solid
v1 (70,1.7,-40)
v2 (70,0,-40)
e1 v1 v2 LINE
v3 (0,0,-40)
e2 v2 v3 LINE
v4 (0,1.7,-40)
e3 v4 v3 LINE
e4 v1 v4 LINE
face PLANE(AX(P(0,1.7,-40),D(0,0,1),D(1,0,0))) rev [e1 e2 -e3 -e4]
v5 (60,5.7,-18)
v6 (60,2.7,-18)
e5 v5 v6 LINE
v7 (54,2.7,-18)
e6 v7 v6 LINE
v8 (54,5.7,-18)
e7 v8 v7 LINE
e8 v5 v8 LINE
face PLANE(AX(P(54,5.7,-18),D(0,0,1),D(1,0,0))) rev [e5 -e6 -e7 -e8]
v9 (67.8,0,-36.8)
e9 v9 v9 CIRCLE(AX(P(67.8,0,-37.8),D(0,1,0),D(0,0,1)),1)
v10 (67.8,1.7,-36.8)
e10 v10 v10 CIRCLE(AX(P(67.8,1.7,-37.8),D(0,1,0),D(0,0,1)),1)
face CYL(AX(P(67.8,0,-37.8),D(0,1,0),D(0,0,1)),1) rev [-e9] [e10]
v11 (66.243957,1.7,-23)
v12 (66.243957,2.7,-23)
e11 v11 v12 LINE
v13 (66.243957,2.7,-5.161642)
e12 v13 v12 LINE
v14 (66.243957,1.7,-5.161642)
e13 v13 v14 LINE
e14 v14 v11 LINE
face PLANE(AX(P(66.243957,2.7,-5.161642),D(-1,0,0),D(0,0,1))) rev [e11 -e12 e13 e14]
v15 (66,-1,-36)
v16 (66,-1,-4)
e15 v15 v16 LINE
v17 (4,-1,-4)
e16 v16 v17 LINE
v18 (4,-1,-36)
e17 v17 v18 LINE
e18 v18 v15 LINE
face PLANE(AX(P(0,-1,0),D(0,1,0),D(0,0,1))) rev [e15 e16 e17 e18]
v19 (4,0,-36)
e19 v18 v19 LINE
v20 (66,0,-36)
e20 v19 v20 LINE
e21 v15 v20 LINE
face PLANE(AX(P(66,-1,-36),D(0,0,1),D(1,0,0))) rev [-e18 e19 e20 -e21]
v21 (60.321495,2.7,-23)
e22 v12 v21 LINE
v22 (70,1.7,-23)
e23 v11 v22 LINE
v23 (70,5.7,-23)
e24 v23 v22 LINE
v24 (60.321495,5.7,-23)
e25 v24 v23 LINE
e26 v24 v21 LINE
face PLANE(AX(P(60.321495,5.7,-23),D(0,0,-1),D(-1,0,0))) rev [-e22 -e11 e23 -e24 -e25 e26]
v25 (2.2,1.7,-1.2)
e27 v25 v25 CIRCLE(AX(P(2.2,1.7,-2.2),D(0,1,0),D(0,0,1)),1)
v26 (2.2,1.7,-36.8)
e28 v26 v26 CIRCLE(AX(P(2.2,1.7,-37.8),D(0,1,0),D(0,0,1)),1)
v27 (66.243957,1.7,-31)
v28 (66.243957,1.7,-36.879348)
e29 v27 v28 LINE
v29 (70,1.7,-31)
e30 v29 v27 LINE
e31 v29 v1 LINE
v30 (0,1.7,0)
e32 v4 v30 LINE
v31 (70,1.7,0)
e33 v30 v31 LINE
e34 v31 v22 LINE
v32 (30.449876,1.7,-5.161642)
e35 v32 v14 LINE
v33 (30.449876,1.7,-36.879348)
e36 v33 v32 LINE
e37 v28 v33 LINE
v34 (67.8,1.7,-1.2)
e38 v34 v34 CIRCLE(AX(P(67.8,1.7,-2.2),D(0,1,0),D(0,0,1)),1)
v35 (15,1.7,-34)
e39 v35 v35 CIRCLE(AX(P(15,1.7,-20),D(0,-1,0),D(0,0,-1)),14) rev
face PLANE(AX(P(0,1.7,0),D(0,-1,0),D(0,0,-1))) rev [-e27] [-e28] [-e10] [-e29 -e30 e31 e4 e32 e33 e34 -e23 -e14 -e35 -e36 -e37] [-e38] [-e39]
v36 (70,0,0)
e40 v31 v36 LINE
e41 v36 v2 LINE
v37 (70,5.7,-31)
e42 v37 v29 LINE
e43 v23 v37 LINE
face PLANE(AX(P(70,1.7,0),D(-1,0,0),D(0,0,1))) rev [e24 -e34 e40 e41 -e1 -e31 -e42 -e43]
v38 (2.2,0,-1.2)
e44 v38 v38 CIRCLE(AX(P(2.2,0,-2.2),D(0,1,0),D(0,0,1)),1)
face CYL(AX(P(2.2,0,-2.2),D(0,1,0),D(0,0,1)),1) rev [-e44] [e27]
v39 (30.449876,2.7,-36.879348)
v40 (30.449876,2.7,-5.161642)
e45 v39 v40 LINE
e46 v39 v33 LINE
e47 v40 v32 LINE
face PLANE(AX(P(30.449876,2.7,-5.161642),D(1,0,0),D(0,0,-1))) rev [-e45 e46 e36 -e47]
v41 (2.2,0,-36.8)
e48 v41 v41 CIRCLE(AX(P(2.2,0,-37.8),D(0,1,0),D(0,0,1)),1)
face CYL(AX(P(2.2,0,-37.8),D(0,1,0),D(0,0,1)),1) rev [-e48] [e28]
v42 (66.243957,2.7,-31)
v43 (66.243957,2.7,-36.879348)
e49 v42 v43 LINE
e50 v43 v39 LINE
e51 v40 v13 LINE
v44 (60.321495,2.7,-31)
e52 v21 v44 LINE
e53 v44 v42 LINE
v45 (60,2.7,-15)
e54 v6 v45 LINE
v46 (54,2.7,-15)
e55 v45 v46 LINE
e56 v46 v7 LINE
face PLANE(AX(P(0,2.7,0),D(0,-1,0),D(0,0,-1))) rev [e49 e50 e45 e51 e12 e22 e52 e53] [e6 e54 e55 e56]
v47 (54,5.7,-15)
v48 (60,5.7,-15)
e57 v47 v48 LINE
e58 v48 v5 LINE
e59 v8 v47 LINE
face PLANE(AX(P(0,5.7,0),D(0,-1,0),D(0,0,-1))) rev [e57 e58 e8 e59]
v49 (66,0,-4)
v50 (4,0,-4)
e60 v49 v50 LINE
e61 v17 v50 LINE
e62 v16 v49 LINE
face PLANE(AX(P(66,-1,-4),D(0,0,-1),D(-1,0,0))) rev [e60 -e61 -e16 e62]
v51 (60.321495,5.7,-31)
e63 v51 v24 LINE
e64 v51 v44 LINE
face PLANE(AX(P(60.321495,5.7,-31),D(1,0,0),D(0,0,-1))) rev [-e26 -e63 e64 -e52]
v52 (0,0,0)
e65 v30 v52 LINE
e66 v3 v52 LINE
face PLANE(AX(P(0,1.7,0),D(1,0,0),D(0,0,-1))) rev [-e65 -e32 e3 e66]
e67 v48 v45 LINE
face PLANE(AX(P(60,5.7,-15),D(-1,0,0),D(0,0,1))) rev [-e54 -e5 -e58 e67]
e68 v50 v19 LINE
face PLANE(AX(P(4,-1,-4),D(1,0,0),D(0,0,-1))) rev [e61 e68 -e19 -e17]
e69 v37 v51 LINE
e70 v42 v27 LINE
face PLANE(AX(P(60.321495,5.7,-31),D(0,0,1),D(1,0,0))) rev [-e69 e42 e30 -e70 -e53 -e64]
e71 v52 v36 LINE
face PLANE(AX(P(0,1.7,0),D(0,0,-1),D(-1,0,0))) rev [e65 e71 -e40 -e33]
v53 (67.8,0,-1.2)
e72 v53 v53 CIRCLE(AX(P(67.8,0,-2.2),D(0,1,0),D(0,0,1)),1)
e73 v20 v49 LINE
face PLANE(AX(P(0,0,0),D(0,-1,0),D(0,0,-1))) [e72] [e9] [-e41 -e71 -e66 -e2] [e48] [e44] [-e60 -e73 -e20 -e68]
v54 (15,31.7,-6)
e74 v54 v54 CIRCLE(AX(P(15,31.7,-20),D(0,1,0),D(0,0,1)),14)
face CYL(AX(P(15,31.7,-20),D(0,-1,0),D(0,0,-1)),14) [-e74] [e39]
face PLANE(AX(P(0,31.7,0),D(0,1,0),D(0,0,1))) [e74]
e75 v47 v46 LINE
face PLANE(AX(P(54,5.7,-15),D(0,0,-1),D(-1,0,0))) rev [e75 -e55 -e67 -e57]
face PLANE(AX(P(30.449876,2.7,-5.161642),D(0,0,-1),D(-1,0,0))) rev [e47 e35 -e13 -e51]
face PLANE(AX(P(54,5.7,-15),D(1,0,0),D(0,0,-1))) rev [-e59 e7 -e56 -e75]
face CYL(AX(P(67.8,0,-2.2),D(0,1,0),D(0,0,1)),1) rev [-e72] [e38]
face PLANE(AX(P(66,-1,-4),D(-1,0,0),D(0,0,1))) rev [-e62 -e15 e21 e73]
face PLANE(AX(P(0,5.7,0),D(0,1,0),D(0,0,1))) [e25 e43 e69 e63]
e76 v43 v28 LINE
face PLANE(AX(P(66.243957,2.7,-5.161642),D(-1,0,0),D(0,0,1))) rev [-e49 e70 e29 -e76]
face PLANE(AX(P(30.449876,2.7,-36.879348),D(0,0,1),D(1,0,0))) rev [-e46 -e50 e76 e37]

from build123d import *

# Parameters (mm, degrees)
SKETCH1_W           = 70
SKETCH1_H           = 40
BOSS_EXTRUDE1_DEPTH = 1.7
SKETCH2_R           = 1
CUT_EXTRUDE1_DEPTH  = 1.7
SKETCH3_R           = 14
BOSS_EXTRUDE2_DEPTH = 30
SKETCH4_W           = 9.678505403
SKETCH4_H           = 8
BOSS_EXTRUDE3_DEPTH = 4
SKETCH5_W           = 6
SKETCH5_H           = 3
BOSS_EXTRUDE4_DEPTH = 4
SKETCH6_W           = 62
SKETCH6_H           = 32
BOSS_EXTRUDE5_DEPTH = 1
SKETCH7_W           = 35.794081109
SKETCH7_H           = 31.717706103
BOSS_EXTRUDE6_DEPTH = 1


with BuildPart() as part:
    # Sketch1 → Boss-Extrude1 (new body)
    with BuildSketch(Plane(origin=(0, 0, 0), x_dir=(1, 0, 0), z_dir=(0, 1, 0))):
        with Locations((35, 20)):
            Rectangle(SKETCH1_W, SKETCH1_H)
    extrude(amount=BOSS_EXTRUDE1_DEPTH)

    # Sketch2 → Cut-Extrude1 (cut)
    with BuildSketch(Plane(origin=(0, 1.7, 0), x_dir=(1, 0, 0), z_dir=(0, 1, 0))):
        with Locations(Location((67.8, 37.8, 0), (0, 0, 270))):
            Circle(SKETCH2_R)
        with Locations(Location((2.2, 37.8, 0), (0, 0, 270))):
            Circle(SKETCH2_R)
        with Locations(Location((2.2, 2.2, 0), (0, 0, 270))):
            Circle(SKETCH2_R)
        with Locations(Location((67.8, 2.2, 0), (0, 0, 270))):
            Circle(SKETCH2_R)
    extrude(amount=-CUT_EXTRUDE1_DEPTH, mode=Mode.SUBTRACT)

    # Sketch3 → Boss-Extrude2 (add)
    with BuildSketch(Plane(origin=(0, 1.7, 0), x_dir=(1, 0, 0), z_dir=(0, 1, 0))):
        with Locations(Location((15, 20, 0), (0, 0, 90))):
            Circle(SKETCH3_R)
    extrude(amount=BOSS_EXTRUDE2_DEPTH)

    # Sketch4 → Boss-Extrude3 (add)
    with BuildSketch(Plane(origin=(0, 1.7, 0), x_dir=(1, 0, 0), z_dir=(0, 1, 0))):
        with Locations((65.160747298, 27)):
            Rectangle(SKETCH4_W, SKETCH4_H)
    extrude(amount=BOSS_EXTRUDE3_DEPTH)

    # Sketch5 → Boss-Extrude4 (add)
    with BuildSketch(Plane(origin=(0, 1.7, 0), x_dir=(1, 0, 0), z_dir=(0, 1, 0))):
        with Locations((57, 16.5)):
            Rectangle(SKETCH5_W, SKETCH5_H)
    extrude(amount=BOSS_EXTRUDE4_DEPTH)

    # Sketch6 → Boss-Extrude5 (add)
    with BuildSketch(Plane.XZ):
        with Locations((35, -20)):
            Rectangle(SKETCH6_W, SKETCH6_H)
    extrude(amount=BOSS_EXTRUDE5_DEPTH)

    # Sketch7 → Boss-Extrude6 (add)
    with BuildSketch(Plane(origin=(0, 1.7, 0), x_dir=(1, 0, 0), z_dir=(0, 1, 0))):
        with Locations((48.346916126, 21.020495195)):
            Rectangle(SKETCH7_W, SKETCH7_H)
    extrude(amount=BOSS_EXTRUDE6_DEPTH)


solid = part.part
